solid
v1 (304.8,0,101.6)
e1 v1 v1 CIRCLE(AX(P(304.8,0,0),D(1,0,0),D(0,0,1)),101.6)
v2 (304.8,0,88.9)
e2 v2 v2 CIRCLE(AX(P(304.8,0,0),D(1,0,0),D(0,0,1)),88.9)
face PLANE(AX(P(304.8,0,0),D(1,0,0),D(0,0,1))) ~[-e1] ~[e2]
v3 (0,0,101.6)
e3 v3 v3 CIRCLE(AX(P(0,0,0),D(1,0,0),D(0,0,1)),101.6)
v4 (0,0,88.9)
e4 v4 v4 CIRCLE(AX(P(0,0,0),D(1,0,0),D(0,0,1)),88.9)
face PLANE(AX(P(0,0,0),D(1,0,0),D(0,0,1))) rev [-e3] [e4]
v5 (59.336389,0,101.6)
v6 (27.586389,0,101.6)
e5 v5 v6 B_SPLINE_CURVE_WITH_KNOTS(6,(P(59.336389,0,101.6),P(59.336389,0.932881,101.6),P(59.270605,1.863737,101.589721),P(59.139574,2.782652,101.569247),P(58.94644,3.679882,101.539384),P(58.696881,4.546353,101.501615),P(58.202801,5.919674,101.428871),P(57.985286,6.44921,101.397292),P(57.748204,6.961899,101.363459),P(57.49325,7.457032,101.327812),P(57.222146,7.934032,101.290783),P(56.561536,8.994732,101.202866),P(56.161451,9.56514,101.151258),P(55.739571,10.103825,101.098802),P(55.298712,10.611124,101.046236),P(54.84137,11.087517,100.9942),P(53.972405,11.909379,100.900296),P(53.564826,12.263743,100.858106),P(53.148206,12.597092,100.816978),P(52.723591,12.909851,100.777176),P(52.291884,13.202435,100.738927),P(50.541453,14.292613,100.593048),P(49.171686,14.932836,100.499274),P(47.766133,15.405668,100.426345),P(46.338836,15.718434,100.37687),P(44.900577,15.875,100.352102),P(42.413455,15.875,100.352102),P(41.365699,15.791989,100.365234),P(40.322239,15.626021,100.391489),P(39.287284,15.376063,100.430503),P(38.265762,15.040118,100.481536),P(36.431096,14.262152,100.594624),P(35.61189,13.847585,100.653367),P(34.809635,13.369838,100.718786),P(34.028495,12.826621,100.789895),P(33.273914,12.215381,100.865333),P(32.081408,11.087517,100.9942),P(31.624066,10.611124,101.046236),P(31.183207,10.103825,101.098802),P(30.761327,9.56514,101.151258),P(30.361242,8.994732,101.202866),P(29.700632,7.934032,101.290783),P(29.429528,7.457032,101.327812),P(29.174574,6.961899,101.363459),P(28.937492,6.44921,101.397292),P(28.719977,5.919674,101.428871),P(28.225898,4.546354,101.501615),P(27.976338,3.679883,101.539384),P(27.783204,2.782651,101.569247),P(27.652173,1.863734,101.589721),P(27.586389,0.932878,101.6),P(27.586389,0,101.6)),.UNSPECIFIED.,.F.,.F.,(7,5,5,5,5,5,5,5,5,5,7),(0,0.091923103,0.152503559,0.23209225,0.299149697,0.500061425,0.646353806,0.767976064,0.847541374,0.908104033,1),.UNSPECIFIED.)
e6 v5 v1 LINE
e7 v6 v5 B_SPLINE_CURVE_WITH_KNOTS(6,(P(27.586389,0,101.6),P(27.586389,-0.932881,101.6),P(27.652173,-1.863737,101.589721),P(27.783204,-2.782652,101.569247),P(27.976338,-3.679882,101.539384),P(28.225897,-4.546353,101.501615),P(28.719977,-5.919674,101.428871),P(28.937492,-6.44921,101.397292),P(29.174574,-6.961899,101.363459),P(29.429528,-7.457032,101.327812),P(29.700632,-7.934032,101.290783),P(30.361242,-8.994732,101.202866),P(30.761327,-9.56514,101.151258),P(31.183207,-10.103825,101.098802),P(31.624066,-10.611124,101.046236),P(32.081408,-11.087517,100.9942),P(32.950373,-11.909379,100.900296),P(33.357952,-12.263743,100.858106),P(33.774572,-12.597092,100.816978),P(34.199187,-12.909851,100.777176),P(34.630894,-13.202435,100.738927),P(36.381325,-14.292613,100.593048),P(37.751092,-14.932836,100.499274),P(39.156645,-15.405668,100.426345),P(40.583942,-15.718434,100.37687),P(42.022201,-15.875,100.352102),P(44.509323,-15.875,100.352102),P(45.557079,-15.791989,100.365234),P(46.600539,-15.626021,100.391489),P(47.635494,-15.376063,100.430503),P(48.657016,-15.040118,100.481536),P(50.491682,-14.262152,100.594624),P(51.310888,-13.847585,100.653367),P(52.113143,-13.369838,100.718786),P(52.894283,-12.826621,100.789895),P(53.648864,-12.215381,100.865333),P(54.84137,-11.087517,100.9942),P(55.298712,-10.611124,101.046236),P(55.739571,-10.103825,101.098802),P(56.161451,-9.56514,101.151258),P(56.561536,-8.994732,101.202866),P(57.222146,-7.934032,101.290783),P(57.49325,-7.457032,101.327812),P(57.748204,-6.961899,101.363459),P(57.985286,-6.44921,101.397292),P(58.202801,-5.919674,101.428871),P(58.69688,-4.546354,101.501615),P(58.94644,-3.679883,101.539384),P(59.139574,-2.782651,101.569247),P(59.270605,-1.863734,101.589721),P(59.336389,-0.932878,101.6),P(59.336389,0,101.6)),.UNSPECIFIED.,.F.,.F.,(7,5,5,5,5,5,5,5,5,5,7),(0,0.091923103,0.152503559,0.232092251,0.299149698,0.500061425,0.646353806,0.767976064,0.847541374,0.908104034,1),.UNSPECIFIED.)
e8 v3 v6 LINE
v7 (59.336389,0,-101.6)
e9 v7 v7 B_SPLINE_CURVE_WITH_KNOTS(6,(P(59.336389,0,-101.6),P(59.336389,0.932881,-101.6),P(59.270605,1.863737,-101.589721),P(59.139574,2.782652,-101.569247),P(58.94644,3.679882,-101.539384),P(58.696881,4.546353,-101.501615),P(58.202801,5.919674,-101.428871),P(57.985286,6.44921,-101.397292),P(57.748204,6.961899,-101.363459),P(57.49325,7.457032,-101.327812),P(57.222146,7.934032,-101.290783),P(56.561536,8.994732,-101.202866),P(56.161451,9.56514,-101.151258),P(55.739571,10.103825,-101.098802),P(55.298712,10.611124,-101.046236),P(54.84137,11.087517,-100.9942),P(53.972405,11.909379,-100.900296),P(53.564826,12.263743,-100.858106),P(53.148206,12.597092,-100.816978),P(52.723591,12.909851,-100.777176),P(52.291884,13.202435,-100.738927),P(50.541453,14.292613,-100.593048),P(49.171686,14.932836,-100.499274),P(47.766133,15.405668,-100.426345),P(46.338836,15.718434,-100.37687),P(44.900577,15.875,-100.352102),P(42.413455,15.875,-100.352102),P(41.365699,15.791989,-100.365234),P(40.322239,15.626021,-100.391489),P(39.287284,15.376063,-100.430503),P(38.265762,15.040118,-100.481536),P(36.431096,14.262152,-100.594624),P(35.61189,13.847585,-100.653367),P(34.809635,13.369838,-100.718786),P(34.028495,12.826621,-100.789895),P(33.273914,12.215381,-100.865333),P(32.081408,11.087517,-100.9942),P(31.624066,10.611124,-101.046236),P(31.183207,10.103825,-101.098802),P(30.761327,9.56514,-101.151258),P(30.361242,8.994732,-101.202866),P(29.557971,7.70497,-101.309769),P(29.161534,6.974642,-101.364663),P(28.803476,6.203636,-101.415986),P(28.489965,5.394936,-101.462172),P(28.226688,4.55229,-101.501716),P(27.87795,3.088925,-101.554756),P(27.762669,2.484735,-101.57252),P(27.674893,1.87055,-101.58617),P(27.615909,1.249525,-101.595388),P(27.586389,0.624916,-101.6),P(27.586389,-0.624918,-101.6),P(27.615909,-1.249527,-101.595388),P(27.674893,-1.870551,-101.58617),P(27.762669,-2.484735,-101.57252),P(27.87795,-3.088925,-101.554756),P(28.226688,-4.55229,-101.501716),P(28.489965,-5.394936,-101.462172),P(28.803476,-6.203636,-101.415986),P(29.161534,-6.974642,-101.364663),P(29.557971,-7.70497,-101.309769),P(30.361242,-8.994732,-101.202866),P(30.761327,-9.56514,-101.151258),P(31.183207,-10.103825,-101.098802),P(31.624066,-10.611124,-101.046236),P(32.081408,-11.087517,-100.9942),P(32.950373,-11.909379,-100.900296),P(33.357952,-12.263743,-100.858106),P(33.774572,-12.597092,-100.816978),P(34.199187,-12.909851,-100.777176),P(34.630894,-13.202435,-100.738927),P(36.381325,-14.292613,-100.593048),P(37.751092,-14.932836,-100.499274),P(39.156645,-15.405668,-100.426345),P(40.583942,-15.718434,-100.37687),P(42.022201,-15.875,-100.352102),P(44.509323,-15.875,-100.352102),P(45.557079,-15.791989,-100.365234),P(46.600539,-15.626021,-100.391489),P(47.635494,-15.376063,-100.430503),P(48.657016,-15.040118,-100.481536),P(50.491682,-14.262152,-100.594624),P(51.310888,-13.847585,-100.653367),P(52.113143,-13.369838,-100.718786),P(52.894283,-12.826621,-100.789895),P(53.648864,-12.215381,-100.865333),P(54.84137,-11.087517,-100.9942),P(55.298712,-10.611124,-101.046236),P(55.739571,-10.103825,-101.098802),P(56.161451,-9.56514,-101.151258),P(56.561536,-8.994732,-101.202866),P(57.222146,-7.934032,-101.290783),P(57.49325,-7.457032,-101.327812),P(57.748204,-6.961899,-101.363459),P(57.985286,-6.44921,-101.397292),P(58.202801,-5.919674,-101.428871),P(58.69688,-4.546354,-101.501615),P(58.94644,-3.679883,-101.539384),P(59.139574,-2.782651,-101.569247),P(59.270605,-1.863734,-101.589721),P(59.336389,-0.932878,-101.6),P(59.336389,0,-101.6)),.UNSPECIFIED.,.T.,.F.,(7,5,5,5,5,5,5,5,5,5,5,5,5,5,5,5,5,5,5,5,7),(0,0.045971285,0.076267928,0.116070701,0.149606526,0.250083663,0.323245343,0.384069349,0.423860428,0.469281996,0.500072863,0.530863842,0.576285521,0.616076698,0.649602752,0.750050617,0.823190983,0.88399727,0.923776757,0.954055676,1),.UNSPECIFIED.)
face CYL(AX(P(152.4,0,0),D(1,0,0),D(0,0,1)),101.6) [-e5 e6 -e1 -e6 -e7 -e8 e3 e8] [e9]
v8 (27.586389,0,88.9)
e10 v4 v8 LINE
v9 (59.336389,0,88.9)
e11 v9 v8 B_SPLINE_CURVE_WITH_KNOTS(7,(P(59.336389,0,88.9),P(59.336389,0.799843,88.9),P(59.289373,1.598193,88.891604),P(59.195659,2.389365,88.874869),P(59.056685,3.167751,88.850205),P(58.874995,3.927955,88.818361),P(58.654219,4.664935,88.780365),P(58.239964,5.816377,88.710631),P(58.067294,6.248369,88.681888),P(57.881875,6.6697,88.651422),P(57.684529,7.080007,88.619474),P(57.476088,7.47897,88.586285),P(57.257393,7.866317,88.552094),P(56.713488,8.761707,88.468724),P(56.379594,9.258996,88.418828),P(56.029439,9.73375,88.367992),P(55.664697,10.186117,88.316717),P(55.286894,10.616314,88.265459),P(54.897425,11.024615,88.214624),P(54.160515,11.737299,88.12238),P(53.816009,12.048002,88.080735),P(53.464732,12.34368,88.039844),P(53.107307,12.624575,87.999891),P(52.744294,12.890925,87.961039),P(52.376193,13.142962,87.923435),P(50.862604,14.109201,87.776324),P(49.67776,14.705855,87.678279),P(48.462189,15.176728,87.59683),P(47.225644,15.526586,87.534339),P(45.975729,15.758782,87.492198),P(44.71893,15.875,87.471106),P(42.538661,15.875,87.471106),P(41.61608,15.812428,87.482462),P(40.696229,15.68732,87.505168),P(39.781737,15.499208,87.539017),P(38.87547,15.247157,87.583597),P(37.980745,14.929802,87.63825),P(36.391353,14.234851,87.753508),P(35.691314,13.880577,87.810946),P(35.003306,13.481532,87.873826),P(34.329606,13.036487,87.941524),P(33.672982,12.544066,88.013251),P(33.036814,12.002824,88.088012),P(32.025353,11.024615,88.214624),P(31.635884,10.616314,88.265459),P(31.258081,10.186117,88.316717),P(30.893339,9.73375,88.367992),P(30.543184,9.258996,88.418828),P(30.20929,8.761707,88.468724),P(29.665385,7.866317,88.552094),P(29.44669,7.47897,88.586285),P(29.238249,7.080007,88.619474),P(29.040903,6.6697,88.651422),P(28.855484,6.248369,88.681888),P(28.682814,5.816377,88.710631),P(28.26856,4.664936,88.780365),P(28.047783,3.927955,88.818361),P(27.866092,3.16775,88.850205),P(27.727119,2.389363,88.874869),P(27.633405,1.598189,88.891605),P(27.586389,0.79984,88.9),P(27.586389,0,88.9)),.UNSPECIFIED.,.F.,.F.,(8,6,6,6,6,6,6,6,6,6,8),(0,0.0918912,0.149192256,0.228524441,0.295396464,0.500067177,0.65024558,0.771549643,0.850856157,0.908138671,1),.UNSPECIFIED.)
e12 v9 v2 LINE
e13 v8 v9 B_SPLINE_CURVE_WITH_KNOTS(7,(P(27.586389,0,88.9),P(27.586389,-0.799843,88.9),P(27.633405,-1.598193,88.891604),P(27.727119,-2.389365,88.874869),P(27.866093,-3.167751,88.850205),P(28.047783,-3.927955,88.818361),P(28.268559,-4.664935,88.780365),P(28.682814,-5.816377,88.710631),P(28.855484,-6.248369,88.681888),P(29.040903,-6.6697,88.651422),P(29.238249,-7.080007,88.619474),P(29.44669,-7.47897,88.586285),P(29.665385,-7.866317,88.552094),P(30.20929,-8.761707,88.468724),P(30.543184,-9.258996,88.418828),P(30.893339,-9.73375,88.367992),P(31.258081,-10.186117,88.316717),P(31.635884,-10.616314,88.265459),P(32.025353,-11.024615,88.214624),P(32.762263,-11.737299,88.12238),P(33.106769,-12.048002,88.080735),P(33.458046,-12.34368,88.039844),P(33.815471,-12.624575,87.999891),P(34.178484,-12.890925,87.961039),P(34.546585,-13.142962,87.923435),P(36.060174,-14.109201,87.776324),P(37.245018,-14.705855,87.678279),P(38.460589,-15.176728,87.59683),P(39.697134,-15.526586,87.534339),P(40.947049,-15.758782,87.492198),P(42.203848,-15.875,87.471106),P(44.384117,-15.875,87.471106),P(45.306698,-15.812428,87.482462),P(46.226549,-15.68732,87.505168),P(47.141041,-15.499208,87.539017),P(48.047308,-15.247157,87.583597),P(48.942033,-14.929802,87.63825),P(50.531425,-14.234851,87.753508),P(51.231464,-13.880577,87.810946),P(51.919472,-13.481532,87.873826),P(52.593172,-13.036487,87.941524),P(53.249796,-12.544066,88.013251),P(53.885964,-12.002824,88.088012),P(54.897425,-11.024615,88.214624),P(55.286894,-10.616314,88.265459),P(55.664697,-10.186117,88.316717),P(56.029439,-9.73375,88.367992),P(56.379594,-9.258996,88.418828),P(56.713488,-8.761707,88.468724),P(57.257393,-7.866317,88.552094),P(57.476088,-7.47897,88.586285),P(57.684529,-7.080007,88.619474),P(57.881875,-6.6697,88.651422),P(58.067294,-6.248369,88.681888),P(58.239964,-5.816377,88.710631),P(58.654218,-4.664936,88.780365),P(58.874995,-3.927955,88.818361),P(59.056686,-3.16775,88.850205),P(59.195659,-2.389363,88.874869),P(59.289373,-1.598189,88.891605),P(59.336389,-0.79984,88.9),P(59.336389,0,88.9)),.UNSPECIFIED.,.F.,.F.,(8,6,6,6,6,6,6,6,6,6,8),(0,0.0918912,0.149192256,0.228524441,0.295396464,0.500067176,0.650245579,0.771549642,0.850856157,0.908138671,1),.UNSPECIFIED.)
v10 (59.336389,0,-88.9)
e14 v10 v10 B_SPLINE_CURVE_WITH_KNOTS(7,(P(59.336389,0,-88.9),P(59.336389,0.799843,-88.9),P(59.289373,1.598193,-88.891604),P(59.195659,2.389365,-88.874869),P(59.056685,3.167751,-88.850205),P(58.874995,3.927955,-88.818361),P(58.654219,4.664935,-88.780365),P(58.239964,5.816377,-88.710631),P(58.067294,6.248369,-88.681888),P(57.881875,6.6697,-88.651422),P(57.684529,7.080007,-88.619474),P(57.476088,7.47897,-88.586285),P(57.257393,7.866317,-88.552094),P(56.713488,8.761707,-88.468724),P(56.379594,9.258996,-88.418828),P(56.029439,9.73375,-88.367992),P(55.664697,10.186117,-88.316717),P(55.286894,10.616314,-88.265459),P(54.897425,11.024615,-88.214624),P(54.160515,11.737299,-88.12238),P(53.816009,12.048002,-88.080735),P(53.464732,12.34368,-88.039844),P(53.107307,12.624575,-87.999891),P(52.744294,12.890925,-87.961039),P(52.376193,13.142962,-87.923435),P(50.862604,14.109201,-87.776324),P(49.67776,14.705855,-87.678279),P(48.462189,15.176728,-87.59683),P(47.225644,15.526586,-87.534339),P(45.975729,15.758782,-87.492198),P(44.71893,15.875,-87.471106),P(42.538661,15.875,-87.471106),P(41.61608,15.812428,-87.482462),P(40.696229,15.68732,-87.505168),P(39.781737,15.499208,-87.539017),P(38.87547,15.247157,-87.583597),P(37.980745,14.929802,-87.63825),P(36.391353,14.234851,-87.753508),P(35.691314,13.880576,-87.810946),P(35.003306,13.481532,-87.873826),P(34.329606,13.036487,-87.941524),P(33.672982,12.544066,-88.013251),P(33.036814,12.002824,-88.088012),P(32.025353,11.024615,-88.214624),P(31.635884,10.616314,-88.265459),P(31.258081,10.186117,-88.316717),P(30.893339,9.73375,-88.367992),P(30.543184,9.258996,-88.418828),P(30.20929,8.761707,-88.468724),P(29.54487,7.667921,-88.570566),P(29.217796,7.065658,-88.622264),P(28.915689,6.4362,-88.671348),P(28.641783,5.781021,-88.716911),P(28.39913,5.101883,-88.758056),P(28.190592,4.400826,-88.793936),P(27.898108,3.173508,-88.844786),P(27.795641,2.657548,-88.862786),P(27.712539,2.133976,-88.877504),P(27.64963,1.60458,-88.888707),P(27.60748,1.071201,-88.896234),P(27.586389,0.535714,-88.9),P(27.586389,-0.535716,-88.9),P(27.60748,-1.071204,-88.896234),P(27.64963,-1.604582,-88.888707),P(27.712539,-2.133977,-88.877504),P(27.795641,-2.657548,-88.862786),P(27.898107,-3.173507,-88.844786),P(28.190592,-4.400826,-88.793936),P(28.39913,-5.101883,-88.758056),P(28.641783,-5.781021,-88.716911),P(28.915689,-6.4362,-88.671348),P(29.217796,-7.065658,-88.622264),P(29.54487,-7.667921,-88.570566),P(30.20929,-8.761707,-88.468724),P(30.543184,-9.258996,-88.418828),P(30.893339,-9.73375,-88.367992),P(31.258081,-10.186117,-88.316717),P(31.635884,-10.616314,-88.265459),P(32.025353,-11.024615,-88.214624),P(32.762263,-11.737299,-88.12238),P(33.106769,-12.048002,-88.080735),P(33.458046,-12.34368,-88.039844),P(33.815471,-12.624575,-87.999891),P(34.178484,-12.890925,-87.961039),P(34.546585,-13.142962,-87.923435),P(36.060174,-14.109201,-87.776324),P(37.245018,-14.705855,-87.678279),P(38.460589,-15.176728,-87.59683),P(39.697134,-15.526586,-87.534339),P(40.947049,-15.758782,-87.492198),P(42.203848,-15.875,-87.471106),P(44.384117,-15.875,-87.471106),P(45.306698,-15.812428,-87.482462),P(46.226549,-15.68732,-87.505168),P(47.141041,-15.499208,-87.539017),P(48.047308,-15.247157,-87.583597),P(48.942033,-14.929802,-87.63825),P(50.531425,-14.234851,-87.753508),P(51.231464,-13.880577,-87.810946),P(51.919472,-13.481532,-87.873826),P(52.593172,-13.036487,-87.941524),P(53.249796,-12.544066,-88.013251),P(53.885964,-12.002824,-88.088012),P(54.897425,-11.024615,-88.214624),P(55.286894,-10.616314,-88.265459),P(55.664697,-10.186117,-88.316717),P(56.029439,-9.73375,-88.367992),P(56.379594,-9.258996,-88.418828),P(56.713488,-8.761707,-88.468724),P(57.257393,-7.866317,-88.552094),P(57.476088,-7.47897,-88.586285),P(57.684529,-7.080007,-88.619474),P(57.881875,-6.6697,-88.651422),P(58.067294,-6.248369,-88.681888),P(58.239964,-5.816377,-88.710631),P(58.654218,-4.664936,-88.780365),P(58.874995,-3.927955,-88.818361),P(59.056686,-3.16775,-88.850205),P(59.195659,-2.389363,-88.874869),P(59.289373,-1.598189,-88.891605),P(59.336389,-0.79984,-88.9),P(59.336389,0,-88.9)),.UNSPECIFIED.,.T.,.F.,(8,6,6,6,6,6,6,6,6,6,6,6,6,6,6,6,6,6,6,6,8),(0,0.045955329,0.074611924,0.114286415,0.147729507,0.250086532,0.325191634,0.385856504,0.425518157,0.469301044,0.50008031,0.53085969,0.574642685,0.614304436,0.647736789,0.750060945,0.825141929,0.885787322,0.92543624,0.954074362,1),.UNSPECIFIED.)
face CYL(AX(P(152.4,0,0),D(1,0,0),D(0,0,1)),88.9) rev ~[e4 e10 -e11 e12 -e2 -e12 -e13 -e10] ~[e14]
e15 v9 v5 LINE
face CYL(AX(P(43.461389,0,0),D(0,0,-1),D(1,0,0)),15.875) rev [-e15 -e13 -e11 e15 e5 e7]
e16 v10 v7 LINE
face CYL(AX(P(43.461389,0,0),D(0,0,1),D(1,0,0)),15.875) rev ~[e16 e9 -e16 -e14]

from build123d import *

# Parameters (mm, degrees)
F0_W          = 304.8
F0_H          = 12.7
F3_R          = 15.875
F4_DEPTH      = 101.601
F4_DEPTH_BACK = 101.601


with BuildPart() as f2:
    # F0 (on Front) → F2 (revolve)
    with BuildSketch(Plane.XZ):
        with Locations((152.4, 95.25)):
            Rectangle(F0_W, F0_H)
    revolve(axis=Axis((56.568854, 0, 0), (1, 0, 0)))

    # F3 (on Top) → F4 (cut, two sides)
    with BuildSketch(Plane.XY) as f4_sk:
        with Locations((43.461389, 0)):
            Circle(F3_R)
    extrude(amount=F4_DEPTH, mode=Mode.SUBTRACT)
    extrude(f4_sk.sketch, amount=-F4_DEPTH_BACK, mode=Mode.SUBTRACT)


solid = f2.part
